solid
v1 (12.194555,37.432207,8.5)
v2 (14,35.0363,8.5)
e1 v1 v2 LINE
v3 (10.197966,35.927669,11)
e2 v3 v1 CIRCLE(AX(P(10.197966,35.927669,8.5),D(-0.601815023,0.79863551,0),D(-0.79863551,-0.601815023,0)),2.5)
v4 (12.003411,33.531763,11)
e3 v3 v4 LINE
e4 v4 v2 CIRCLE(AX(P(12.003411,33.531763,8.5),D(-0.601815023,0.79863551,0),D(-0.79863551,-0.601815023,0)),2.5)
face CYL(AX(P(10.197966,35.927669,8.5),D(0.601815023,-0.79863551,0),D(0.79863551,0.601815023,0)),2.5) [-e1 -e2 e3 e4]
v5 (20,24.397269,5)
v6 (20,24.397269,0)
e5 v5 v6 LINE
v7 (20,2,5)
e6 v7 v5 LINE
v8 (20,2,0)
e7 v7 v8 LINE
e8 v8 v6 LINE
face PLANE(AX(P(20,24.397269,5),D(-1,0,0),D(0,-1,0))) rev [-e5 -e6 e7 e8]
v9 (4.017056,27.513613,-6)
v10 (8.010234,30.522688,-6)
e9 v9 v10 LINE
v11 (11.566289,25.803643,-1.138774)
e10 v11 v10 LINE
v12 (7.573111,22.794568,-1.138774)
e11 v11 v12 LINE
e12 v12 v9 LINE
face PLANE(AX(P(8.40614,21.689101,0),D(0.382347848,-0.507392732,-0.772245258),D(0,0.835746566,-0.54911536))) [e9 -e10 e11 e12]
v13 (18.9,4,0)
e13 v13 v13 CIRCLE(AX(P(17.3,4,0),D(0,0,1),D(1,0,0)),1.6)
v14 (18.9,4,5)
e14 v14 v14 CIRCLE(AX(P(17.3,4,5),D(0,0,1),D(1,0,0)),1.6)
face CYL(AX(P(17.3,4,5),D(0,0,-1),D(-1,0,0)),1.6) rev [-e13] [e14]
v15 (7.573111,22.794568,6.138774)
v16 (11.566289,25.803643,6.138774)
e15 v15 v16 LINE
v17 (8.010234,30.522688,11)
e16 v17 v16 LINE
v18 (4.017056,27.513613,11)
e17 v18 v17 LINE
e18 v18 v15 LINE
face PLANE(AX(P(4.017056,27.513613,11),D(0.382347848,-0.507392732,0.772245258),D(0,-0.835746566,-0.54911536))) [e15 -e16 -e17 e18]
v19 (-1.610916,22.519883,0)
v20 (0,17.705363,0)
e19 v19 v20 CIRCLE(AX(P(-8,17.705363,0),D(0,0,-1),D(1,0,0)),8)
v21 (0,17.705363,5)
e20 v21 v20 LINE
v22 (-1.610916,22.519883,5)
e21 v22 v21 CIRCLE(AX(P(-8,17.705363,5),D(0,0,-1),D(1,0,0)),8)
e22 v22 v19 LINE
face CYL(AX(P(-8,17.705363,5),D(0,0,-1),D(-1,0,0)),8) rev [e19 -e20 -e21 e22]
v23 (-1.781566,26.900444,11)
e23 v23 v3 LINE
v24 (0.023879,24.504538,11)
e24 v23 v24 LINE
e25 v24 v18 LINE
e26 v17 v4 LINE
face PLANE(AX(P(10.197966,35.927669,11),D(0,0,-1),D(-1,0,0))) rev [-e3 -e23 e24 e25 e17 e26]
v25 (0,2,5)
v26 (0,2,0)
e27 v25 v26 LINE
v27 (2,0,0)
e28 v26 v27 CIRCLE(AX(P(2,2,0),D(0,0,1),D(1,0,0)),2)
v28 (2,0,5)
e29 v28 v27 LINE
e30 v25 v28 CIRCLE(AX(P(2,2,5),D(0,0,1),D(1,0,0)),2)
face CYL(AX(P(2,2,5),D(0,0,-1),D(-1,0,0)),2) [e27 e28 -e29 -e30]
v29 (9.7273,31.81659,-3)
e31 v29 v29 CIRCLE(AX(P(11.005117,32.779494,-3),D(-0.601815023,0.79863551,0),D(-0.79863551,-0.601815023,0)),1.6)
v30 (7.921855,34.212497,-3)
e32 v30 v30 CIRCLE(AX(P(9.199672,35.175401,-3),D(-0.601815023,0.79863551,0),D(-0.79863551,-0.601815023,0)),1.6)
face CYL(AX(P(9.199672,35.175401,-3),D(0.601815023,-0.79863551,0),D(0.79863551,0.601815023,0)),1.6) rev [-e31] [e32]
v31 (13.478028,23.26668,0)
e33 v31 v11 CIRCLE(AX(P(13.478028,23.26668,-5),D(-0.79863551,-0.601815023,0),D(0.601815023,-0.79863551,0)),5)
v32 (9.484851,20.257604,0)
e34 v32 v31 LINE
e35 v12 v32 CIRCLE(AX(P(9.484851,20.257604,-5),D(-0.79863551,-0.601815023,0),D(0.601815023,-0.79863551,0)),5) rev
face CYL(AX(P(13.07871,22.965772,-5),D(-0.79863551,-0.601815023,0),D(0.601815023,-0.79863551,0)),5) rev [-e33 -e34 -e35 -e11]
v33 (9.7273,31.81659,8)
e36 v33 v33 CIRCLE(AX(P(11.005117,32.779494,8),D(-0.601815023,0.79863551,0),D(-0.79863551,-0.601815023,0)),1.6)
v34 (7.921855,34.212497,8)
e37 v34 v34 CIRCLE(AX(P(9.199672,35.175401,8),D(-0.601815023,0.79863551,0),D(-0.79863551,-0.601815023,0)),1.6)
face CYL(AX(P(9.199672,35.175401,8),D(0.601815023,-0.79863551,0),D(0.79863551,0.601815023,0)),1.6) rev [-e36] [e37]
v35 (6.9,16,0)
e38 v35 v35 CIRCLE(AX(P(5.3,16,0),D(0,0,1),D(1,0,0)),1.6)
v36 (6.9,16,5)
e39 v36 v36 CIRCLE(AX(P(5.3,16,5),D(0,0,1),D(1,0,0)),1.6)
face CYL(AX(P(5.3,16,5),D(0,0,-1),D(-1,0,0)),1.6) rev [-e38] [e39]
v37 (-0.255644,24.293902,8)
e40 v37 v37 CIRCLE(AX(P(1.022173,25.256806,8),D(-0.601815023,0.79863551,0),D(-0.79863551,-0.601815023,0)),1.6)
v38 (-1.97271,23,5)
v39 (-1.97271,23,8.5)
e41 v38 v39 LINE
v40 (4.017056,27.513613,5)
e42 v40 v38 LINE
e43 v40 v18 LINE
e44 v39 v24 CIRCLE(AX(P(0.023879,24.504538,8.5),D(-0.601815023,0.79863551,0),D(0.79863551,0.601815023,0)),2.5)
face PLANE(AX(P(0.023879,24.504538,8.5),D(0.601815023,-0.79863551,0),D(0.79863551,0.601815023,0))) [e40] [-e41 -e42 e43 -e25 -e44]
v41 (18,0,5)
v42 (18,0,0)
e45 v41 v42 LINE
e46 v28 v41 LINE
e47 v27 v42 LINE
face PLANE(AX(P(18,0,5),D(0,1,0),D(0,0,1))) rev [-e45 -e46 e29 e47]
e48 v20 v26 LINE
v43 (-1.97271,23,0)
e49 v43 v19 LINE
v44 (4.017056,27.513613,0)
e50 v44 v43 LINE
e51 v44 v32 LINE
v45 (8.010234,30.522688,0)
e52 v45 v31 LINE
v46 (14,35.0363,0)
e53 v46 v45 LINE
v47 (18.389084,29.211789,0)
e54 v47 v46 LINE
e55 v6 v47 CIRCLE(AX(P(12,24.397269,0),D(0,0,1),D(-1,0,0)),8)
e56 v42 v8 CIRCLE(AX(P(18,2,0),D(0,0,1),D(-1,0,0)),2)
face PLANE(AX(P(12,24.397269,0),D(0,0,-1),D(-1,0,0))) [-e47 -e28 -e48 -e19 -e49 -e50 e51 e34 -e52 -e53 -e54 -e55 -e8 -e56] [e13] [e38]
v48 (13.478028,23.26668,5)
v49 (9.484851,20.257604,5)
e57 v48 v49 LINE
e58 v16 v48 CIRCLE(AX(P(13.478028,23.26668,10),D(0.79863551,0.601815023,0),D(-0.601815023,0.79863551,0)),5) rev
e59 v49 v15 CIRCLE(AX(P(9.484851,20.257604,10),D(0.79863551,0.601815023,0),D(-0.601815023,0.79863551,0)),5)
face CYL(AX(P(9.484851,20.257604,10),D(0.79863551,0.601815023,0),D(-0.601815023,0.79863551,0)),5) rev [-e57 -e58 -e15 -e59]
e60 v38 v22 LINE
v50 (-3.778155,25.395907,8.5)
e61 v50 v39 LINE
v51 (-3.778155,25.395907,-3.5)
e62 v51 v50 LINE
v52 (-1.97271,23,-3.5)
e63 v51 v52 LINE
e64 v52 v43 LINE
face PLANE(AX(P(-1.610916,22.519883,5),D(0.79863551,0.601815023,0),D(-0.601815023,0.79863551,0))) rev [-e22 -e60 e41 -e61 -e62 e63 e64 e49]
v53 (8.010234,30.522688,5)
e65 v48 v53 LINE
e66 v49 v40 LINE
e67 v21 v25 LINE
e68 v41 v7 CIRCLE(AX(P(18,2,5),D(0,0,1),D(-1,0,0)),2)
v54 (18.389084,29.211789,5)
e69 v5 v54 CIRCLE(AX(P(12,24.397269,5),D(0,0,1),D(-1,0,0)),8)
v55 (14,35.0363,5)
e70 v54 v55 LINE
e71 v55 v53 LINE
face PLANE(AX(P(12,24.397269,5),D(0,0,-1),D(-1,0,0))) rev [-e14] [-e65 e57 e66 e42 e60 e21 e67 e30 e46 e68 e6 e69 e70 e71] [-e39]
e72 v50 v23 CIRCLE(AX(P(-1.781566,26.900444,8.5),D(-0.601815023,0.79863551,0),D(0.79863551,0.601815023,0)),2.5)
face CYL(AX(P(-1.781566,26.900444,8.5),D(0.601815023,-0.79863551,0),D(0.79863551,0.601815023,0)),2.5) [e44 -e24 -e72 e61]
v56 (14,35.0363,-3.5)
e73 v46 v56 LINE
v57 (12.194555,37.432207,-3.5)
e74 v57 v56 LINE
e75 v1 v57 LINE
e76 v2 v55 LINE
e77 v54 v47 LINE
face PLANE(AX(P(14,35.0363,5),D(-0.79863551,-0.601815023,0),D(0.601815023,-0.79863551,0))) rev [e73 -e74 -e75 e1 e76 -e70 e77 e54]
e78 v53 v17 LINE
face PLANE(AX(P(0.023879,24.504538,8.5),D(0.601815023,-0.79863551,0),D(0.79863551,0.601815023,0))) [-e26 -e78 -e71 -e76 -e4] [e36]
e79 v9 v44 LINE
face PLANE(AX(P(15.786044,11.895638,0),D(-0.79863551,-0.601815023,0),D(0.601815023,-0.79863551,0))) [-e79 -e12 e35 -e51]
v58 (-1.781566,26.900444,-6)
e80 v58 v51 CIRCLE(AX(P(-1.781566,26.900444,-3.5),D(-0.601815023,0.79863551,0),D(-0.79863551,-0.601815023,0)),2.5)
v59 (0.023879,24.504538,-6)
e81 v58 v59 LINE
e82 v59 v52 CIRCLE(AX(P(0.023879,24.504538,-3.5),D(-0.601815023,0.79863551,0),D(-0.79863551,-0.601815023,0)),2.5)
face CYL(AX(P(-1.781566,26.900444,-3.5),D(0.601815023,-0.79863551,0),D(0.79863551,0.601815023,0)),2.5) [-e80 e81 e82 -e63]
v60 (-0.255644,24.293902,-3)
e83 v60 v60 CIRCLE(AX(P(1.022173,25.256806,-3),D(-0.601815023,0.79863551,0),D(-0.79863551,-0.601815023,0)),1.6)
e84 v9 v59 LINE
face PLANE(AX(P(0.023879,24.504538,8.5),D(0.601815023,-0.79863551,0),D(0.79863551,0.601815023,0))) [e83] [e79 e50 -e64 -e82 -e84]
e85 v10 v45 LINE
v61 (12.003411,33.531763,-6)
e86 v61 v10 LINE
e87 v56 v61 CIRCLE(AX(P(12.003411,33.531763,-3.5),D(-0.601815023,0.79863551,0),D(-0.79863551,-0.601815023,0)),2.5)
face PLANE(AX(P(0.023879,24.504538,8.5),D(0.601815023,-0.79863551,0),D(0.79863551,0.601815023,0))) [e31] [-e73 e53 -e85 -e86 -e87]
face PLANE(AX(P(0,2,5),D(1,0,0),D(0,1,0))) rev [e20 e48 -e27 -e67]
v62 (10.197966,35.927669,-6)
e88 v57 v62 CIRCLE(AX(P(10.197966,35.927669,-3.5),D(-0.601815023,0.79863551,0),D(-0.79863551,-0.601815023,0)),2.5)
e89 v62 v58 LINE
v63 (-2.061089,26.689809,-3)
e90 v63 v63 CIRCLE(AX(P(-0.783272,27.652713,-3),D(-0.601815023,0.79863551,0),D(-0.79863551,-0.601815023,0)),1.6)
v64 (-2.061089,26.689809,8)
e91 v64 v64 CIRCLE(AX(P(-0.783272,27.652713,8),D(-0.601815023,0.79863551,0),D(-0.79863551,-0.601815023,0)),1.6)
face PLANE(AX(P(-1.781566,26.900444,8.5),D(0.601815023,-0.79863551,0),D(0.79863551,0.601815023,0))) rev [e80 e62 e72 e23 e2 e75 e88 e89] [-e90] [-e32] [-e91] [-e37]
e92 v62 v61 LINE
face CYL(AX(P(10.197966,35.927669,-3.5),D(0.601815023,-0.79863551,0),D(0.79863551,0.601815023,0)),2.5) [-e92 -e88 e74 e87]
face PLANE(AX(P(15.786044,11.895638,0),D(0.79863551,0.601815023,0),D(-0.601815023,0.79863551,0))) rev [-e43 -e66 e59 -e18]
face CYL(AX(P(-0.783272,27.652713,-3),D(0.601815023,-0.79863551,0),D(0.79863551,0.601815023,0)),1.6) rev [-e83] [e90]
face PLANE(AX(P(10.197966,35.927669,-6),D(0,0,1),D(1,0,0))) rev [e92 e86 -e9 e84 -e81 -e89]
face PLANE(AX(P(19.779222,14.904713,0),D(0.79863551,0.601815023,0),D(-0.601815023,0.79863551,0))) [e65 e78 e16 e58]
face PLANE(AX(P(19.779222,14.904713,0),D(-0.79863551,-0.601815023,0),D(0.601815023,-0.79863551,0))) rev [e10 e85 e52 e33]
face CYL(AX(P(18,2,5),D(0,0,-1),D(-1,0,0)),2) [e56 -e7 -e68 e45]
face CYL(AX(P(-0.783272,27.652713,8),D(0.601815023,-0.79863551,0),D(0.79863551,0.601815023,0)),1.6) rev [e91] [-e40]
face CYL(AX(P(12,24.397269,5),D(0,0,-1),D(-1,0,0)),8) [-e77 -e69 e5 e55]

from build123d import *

# Parameters (mm, degrees)
SKETCH_1_R      = 1.6
EXTRUDE_1_DEPTH = 5
SKETCH_2_R      = 1.6
EXTRUDE_2_DEPTH = 3
EXTRUDE_START   = -7.5
EXTRUDE_4_DEPTH = 5
FILLET_1_R      = 5


with BuildPart() as part:
    # 草图1 → 凸台-拉伸1 (new body)
    with BuildSketch(Plane.XY):
        with BuildLine():
            Line((0, 2), (0, 17.705362587))
            ThreePointArc((0, 17.705362587), (-0.413410758, 20.243799839), (-1.61091592, 22.519882772))
            Line((-1.61091592, 22.519882772), (-1.972710201, 23))
            Line((-1.972710201, 23), (14, 35.036300463))
            Line((14, 35.036300463), (18.38908408, 29.211789163))
            ThreePointArc((18.38908408, 29.211789163), (19.586589242, 26.935706229), (20, 24.397268977))
            Line((20, 24.397268977), (20, 2))
            ThreePointArc((20, 2), (19.414213562, 0.585786438), (18, 0))
            Line((18, 0), (2, 0))
            ThreePointArc((2, 0), (0.585786438, 0.585786438), (0, 2))
        make_face()
        with Locations((5.3, 16)):
            Circle(SKETCH_1_R, mode=Mode.SUBTRACT)
        with Locations((17.3, 4)):
            Circle(SKETCH_1_R, mode=Mode.SUBTRACT)
    extrude(amount=EXTRUDE_1_DEPTH)

    # 草图2 → 凸台-拉伸2 (add)
    with BuildSketch(Plane(origin=(-11.768988292, 15.617974969, 0), x_dir=(0.79863551, 0.601815023, 0), z_dir=(-0.601815023, 0.79863551, 0))):
        with BuildLine():
            Line((29.766269115, -11), (14.766269115, -11))
            ThreePointArc((14.766269115, -11), (12.998502162, -10.267766953), (12.266269115, -8.5))
            Line((12.266269115, -8.5), (12.266269115, 3.5))
            ThreePointArc((12.266269115, 3.5), (12.998502162, 5.267766953), (14.766269115, 6))
            Line((14.766269115, 6), (29.766269115, 6))
            ThreePointArc((29.766269115, 6), (31.534036068, 5.267766953), (32.266269115, 3.5))
            Line((32.266269115, 3.5), (32.266269115, -8.5))
            ThreePointArc((32.266269115, -8.5), (31.534036068, -10.267766953), (29.766269115, -11))
        make_face()
        with Locations((16.016269115, 3)):
            Circle(SKETCH_2_R, mode=Mode.SUBTRACT)
        with Locations((28.516269115, 3)):
            Circle(SKETCH_2_R, mode=Mode.SUBTRACT)
        with Locations((28.516269115, -8)):
            Circle(SKETCH_2_R, mode=Mode.SUBTRACT)
        with Locations((16.016269115, -8)):
            Circle(SKETCH_2_R, mode=Mode.SUBTRACT)
    extrude(amount=EXTRUDE_2_DEPTH)

    # 草图6 → 凸台-拉伸4 (add)
    with BuildSketch(Plane(origin=(25.768988292, 19.418325494, 0), x_dir=(0, 0, -1), z_dir=(0.79863551, 0.601815023, 0)).offset(EXTRUDE_START)):
        Polygon((-11, 19.555823366), (-5, 12.262745076), (-5, 19.555823366), align=None)
        Polygon((0, 12.262745076), (6, 19.555823366), (0, 19.555823366), align=None)
    extrude(amount=-EXTRUDE_4_DEPTH)

    # 圆角1
    fillet_1_edges = [part.edges().sort_by_distance(p)[0] for p in [
        (10.40272898, 23.193638931, 5),
        (10.40272898, 23.193638931, 0),
    ]]
    fillet(fillet_1_edges, radius=FILLET_1_R)


solid = part.part
